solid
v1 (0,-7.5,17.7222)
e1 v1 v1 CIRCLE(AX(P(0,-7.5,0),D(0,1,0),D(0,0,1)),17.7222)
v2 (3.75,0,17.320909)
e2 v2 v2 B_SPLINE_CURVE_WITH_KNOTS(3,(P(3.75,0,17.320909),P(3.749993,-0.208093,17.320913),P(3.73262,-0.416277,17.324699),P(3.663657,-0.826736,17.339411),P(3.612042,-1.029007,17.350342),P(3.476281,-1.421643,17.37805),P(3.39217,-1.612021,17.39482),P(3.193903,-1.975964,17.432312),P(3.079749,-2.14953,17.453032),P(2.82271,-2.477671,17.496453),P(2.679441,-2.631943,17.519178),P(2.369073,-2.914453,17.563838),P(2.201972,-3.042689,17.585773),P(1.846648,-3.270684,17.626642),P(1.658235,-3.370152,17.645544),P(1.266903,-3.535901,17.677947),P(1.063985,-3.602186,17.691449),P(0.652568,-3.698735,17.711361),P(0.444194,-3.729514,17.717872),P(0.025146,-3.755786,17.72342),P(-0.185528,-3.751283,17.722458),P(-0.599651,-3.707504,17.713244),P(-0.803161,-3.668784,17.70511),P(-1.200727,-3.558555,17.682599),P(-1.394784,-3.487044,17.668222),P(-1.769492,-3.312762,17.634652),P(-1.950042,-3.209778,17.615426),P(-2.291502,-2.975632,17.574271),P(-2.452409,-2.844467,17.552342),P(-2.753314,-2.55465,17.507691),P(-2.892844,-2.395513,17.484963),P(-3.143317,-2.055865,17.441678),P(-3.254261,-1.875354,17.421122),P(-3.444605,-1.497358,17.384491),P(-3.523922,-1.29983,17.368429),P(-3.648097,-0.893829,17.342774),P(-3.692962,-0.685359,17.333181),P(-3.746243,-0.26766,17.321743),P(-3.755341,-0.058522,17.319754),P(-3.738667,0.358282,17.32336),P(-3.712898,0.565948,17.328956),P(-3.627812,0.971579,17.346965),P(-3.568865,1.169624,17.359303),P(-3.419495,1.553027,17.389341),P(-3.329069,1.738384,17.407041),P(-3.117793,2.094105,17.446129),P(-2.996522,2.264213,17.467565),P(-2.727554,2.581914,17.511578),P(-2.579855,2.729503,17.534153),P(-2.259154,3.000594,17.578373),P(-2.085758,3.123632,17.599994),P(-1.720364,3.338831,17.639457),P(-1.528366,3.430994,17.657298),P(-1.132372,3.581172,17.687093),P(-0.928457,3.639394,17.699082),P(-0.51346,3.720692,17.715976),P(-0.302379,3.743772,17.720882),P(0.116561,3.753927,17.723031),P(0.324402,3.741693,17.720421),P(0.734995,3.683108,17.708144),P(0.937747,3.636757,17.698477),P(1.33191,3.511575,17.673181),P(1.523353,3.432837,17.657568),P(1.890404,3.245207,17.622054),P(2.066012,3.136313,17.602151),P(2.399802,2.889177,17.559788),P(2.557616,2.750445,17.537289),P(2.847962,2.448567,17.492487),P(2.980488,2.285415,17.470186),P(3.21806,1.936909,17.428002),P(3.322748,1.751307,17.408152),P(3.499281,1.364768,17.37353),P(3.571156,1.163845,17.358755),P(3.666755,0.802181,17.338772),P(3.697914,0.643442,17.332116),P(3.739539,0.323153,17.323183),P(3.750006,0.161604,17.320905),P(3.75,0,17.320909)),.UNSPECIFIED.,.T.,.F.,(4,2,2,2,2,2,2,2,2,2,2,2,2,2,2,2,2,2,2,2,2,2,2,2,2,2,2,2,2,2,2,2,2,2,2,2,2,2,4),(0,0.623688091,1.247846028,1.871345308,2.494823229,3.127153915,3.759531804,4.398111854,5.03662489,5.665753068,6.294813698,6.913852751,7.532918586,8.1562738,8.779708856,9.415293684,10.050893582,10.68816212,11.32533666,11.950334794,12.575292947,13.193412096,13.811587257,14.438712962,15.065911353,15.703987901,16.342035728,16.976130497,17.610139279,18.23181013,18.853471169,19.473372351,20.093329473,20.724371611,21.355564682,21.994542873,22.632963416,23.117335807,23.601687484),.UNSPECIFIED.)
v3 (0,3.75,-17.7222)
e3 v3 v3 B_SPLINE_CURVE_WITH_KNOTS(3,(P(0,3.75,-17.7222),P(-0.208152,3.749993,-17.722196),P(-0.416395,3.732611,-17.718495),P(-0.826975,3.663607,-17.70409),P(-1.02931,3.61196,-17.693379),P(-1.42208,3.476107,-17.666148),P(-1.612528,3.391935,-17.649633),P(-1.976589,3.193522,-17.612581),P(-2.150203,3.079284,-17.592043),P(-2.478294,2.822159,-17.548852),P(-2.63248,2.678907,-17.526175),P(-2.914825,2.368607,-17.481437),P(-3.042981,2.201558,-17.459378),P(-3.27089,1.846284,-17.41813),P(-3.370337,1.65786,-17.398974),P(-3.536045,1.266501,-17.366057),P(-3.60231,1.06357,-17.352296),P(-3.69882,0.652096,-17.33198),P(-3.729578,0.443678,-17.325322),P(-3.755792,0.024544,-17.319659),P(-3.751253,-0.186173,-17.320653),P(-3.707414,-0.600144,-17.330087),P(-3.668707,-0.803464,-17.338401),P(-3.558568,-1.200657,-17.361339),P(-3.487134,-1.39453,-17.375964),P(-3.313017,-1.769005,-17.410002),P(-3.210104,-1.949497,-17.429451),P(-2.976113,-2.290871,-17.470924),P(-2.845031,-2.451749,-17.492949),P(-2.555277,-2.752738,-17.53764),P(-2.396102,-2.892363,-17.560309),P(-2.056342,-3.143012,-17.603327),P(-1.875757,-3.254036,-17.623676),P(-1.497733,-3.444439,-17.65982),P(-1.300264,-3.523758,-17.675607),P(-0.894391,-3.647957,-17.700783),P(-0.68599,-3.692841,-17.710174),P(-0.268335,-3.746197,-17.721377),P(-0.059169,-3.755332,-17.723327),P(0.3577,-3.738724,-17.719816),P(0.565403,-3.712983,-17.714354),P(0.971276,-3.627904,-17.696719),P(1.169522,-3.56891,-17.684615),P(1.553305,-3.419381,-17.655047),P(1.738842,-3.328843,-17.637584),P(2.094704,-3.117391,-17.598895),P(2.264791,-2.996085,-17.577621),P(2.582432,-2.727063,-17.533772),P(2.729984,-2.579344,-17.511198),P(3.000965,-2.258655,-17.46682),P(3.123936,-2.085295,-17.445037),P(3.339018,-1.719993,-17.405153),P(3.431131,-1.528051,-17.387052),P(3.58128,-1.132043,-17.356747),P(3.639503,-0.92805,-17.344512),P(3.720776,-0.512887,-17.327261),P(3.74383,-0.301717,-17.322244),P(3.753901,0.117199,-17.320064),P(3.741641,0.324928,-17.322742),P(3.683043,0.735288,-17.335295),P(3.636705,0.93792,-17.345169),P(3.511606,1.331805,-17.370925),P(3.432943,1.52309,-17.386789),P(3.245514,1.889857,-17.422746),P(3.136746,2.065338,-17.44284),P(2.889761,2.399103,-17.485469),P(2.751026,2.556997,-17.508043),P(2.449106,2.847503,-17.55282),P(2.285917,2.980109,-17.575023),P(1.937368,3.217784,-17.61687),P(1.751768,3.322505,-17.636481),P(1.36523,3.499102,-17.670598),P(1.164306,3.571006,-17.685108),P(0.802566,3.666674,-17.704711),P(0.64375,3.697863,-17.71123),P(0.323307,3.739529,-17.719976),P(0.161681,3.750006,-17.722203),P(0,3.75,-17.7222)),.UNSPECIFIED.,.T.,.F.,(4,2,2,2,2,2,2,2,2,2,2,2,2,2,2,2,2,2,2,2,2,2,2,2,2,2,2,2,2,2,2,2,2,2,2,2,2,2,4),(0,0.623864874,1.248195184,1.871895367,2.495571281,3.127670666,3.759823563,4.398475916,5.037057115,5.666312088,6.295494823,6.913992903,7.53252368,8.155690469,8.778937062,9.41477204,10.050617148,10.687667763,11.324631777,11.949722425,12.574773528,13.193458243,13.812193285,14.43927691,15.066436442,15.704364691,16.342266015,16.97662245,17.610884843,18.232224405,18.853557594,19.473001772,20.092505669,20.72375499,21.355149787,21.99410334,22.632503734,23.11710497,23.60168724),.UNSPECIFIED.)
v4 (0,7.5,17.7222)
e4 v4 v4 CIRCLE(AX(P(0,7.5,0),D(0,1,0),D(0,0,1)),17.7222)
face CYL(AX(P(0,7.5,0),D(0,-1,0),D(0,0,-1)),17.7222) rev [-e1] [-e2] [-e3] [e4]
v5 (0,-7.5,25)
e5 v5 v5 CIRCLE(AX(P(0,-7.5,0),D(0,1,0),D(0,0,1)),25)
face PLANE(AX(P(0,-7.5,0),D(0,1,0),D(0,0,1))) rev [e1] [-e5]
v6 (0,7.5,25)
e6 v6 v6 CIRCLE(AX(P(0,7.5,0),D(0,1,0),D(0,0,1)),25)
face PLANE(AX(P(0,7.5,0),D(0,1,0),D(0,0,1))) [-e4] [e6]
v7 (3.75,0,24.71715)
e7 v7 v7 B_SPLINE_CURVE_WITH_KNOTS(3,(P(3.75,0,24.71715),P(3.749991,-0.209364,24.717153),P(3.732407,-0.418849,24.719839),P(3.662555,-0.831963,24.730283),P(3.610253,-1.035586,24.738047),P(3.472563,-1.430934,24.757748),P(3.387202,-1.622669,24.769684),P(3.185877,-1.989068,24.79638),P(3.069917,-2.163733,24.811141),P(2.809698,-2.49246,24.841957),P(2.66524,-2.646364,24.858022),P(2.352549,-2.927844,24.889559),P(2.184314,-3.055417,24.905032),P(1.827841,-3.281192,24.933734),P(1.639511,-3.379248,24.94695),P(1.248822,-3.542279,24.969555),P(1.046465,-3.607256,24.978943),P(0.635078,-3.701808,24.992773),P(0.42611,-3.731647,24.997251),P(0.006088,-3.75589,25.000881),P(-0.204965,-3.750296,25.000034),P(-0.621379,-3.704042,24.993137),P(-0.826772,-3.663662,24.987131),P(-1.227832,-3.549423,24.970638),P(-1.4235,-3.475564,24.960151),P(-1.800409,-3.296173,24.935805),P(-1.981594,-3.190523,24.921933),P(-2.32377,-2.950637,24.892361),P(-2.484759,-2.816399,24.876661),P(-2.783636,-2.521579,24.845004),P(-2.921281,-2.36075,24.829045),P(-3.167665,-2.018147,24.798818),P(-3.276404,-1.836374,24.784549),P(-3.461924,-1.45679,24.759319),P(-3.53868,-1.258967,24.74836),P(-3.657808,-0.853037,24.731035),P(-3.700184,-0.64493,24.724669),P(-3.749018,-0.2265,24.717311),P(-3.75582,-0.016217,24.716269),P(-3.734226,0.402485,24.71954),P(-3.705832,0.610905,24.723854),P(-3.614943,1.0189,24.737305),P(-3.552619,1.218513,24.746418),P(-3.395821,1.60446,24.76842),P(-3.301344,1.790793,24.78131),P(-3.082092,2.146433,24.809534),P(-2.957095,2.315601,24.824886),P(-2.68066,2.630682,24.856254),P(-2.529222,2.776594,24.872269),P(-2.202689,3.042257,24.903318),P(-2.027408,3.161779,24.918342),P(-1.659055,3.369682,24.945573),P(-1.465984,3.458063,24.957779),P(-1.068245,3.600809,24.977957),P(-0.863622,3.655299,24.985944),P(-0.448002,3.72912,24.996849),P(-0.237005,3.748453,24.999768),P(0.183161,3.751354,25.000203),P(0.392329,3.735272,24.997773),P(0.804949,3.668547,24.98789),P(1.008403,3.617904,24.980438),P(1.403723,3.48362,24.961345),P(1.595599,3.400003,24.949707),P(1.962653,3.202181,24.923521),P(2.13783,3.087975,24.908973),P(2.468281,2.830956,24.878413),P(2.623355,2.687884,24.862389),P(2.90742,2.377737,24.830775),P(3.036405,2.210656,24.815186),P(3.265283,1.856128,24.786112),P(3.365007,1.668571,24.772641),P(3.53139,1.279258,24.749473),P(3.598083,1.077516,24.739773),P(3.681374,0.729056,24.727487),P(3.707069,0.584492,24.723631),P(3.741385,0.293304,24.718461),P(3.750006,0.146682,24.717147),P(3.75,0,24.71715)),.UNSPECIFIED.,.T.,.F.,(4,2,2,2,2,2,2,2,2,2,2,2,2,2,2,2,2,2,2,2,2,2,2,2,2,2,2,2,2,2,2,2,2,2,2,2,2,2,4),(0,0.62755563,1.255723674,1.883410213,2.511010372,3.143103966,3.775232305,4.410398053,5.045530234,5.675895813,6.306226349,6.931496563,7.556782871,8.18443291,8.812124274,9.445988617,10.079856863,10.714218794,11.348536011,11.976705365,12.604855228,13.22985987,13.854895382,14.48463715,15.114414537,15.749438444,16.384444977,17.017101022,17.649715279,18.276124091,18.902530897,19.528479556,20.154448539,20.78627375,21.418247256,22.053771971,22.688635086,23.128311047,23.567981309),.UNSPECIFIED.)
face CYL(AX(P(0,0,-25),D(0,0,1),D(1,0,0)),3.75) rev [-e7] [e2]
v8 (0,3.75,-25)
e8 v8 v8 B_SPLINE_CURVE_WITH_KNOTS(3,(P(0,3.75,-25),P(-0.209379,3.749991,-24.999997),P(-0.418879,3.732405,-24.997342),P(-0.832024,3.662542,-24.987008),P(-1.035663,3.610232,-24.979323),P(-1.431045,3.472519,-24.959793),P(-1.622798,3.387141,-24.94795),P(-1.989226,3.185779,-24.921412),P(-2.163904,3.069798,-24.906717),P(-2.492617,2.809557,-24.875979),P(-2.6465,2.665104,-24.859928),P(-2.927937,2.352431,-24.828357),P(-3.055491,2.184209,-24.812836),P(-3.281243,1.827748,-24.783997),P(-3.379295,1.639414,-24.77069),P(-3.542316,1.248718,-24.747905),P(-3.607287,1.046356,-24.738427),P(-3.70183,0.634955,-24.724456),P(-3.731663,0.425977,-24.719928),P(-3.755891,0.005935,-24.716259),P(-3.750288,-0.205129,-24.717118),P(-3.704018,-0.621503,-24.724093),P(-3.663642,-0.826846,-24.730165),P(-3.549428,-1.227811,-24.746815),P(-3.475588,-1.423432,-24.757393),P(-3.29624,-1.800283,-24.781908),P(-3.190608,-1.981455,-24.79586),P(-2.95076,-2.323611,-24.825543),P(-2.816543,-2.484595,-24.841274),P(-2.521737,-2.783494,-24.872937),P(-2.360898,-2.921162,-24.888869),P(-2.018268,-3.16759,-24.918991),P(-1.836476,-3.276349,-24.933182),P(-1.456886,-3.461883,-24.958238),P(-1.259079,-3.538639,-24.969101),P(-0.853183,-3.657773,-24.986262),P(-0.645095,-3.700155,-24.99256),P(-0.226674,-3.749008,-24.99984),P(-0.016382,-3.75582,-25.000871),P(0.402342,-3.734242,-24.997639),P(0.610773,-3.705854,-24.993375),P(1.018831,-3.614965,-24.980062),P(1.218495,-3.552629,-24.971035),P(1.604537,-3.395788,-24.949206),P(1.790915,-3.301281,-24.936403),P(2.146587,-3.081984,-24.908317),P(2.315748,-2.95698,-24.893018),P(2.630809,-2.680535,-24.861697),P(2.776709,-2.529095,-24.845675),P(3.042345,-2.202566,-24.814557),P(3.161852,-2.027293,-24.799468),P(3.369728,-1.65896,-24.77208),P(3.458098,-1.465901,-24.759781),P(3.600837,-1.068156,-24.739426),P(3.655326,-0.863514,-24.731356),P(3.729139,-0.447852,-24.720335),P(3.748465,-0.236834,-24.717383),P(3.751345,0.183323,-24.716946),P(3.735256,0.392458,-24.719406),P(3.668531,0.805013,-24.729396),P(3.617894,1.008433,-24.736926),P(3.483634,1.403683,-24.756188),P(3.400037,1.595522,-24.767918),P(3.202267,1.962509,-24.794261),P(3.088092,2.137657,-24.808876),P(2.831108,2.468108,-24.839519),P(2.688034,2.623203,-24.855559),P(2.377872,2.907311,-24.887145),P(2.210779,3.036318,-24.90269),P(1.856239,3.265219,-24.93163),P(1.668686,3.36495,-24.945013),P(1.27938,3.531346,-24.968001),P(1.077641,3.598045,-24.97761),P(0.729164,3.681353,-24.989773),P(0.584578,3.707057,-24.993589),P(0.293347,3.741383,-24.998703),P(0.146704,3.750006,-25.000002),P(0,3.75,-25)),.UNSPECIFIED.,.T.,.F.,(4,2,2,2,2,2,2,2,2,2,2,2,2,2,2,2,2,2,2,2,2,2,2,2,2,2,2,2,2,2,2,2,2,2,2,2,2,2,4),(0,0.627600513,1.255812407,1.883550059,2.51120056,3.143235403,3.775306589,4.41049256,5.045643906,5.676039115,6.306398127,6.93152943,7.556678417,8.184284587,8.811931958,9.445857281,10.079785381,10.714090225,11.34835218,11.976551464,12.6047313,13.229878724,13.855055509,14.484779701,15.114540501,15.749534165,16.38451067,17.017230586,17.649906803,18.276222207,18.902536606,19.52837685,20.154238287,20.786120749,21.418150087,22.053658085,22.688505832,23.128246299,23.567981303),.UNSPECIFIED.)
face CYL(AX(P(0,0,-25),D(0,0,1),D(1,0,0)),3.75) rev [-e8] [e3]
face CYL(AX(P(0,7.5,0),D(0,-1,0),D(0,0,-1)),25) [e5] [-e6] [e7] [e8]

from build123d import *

# Parameters (mm, degrees)
SKETCH1_R               = 25
SKETCH1_R_2             = 17.7222
BOSS_EXTRUDE1_DEPTH     = 7.5
SKETCH2_R               = 3.75
CUT_EXTRUDE1_DEPTH      = 26
CUT_EXTRUDE1_DEPTH_BACK = 26


with BuildPart() as part:
    # Sketch1 → Boss-Extrude1 (new body, symmetric)
    with BuildSketch(Plane(origin=(0, 0, 0), x_dir=(1, 0, 0), z_dir=(0, 1, 0))):
        Circle(SKETCH1_R)
        Circle(SKETCH1_R_2, mode=Mode.SUBTRACT)
    extrude(amount=BOSS_EXTRUDE1_DEPTH, both=True)

    # Sketch2 → Cut-Extrude1 (cut, two sides)
    with BuildSketch(Plane.XY) as cut_extrude1_sk:
        Circle(SKETCH2_R)
    extrude(amount=CUT_EXTRUDE1_DEPTH, mode=Mode.SUBTRACT)
    extrude(cut_extrude1_sk.sketch, amount=-CUT_EXTRUDE1_DEPTH_BACK, mode=Mode.SUBTRACT)


solid = part.part
